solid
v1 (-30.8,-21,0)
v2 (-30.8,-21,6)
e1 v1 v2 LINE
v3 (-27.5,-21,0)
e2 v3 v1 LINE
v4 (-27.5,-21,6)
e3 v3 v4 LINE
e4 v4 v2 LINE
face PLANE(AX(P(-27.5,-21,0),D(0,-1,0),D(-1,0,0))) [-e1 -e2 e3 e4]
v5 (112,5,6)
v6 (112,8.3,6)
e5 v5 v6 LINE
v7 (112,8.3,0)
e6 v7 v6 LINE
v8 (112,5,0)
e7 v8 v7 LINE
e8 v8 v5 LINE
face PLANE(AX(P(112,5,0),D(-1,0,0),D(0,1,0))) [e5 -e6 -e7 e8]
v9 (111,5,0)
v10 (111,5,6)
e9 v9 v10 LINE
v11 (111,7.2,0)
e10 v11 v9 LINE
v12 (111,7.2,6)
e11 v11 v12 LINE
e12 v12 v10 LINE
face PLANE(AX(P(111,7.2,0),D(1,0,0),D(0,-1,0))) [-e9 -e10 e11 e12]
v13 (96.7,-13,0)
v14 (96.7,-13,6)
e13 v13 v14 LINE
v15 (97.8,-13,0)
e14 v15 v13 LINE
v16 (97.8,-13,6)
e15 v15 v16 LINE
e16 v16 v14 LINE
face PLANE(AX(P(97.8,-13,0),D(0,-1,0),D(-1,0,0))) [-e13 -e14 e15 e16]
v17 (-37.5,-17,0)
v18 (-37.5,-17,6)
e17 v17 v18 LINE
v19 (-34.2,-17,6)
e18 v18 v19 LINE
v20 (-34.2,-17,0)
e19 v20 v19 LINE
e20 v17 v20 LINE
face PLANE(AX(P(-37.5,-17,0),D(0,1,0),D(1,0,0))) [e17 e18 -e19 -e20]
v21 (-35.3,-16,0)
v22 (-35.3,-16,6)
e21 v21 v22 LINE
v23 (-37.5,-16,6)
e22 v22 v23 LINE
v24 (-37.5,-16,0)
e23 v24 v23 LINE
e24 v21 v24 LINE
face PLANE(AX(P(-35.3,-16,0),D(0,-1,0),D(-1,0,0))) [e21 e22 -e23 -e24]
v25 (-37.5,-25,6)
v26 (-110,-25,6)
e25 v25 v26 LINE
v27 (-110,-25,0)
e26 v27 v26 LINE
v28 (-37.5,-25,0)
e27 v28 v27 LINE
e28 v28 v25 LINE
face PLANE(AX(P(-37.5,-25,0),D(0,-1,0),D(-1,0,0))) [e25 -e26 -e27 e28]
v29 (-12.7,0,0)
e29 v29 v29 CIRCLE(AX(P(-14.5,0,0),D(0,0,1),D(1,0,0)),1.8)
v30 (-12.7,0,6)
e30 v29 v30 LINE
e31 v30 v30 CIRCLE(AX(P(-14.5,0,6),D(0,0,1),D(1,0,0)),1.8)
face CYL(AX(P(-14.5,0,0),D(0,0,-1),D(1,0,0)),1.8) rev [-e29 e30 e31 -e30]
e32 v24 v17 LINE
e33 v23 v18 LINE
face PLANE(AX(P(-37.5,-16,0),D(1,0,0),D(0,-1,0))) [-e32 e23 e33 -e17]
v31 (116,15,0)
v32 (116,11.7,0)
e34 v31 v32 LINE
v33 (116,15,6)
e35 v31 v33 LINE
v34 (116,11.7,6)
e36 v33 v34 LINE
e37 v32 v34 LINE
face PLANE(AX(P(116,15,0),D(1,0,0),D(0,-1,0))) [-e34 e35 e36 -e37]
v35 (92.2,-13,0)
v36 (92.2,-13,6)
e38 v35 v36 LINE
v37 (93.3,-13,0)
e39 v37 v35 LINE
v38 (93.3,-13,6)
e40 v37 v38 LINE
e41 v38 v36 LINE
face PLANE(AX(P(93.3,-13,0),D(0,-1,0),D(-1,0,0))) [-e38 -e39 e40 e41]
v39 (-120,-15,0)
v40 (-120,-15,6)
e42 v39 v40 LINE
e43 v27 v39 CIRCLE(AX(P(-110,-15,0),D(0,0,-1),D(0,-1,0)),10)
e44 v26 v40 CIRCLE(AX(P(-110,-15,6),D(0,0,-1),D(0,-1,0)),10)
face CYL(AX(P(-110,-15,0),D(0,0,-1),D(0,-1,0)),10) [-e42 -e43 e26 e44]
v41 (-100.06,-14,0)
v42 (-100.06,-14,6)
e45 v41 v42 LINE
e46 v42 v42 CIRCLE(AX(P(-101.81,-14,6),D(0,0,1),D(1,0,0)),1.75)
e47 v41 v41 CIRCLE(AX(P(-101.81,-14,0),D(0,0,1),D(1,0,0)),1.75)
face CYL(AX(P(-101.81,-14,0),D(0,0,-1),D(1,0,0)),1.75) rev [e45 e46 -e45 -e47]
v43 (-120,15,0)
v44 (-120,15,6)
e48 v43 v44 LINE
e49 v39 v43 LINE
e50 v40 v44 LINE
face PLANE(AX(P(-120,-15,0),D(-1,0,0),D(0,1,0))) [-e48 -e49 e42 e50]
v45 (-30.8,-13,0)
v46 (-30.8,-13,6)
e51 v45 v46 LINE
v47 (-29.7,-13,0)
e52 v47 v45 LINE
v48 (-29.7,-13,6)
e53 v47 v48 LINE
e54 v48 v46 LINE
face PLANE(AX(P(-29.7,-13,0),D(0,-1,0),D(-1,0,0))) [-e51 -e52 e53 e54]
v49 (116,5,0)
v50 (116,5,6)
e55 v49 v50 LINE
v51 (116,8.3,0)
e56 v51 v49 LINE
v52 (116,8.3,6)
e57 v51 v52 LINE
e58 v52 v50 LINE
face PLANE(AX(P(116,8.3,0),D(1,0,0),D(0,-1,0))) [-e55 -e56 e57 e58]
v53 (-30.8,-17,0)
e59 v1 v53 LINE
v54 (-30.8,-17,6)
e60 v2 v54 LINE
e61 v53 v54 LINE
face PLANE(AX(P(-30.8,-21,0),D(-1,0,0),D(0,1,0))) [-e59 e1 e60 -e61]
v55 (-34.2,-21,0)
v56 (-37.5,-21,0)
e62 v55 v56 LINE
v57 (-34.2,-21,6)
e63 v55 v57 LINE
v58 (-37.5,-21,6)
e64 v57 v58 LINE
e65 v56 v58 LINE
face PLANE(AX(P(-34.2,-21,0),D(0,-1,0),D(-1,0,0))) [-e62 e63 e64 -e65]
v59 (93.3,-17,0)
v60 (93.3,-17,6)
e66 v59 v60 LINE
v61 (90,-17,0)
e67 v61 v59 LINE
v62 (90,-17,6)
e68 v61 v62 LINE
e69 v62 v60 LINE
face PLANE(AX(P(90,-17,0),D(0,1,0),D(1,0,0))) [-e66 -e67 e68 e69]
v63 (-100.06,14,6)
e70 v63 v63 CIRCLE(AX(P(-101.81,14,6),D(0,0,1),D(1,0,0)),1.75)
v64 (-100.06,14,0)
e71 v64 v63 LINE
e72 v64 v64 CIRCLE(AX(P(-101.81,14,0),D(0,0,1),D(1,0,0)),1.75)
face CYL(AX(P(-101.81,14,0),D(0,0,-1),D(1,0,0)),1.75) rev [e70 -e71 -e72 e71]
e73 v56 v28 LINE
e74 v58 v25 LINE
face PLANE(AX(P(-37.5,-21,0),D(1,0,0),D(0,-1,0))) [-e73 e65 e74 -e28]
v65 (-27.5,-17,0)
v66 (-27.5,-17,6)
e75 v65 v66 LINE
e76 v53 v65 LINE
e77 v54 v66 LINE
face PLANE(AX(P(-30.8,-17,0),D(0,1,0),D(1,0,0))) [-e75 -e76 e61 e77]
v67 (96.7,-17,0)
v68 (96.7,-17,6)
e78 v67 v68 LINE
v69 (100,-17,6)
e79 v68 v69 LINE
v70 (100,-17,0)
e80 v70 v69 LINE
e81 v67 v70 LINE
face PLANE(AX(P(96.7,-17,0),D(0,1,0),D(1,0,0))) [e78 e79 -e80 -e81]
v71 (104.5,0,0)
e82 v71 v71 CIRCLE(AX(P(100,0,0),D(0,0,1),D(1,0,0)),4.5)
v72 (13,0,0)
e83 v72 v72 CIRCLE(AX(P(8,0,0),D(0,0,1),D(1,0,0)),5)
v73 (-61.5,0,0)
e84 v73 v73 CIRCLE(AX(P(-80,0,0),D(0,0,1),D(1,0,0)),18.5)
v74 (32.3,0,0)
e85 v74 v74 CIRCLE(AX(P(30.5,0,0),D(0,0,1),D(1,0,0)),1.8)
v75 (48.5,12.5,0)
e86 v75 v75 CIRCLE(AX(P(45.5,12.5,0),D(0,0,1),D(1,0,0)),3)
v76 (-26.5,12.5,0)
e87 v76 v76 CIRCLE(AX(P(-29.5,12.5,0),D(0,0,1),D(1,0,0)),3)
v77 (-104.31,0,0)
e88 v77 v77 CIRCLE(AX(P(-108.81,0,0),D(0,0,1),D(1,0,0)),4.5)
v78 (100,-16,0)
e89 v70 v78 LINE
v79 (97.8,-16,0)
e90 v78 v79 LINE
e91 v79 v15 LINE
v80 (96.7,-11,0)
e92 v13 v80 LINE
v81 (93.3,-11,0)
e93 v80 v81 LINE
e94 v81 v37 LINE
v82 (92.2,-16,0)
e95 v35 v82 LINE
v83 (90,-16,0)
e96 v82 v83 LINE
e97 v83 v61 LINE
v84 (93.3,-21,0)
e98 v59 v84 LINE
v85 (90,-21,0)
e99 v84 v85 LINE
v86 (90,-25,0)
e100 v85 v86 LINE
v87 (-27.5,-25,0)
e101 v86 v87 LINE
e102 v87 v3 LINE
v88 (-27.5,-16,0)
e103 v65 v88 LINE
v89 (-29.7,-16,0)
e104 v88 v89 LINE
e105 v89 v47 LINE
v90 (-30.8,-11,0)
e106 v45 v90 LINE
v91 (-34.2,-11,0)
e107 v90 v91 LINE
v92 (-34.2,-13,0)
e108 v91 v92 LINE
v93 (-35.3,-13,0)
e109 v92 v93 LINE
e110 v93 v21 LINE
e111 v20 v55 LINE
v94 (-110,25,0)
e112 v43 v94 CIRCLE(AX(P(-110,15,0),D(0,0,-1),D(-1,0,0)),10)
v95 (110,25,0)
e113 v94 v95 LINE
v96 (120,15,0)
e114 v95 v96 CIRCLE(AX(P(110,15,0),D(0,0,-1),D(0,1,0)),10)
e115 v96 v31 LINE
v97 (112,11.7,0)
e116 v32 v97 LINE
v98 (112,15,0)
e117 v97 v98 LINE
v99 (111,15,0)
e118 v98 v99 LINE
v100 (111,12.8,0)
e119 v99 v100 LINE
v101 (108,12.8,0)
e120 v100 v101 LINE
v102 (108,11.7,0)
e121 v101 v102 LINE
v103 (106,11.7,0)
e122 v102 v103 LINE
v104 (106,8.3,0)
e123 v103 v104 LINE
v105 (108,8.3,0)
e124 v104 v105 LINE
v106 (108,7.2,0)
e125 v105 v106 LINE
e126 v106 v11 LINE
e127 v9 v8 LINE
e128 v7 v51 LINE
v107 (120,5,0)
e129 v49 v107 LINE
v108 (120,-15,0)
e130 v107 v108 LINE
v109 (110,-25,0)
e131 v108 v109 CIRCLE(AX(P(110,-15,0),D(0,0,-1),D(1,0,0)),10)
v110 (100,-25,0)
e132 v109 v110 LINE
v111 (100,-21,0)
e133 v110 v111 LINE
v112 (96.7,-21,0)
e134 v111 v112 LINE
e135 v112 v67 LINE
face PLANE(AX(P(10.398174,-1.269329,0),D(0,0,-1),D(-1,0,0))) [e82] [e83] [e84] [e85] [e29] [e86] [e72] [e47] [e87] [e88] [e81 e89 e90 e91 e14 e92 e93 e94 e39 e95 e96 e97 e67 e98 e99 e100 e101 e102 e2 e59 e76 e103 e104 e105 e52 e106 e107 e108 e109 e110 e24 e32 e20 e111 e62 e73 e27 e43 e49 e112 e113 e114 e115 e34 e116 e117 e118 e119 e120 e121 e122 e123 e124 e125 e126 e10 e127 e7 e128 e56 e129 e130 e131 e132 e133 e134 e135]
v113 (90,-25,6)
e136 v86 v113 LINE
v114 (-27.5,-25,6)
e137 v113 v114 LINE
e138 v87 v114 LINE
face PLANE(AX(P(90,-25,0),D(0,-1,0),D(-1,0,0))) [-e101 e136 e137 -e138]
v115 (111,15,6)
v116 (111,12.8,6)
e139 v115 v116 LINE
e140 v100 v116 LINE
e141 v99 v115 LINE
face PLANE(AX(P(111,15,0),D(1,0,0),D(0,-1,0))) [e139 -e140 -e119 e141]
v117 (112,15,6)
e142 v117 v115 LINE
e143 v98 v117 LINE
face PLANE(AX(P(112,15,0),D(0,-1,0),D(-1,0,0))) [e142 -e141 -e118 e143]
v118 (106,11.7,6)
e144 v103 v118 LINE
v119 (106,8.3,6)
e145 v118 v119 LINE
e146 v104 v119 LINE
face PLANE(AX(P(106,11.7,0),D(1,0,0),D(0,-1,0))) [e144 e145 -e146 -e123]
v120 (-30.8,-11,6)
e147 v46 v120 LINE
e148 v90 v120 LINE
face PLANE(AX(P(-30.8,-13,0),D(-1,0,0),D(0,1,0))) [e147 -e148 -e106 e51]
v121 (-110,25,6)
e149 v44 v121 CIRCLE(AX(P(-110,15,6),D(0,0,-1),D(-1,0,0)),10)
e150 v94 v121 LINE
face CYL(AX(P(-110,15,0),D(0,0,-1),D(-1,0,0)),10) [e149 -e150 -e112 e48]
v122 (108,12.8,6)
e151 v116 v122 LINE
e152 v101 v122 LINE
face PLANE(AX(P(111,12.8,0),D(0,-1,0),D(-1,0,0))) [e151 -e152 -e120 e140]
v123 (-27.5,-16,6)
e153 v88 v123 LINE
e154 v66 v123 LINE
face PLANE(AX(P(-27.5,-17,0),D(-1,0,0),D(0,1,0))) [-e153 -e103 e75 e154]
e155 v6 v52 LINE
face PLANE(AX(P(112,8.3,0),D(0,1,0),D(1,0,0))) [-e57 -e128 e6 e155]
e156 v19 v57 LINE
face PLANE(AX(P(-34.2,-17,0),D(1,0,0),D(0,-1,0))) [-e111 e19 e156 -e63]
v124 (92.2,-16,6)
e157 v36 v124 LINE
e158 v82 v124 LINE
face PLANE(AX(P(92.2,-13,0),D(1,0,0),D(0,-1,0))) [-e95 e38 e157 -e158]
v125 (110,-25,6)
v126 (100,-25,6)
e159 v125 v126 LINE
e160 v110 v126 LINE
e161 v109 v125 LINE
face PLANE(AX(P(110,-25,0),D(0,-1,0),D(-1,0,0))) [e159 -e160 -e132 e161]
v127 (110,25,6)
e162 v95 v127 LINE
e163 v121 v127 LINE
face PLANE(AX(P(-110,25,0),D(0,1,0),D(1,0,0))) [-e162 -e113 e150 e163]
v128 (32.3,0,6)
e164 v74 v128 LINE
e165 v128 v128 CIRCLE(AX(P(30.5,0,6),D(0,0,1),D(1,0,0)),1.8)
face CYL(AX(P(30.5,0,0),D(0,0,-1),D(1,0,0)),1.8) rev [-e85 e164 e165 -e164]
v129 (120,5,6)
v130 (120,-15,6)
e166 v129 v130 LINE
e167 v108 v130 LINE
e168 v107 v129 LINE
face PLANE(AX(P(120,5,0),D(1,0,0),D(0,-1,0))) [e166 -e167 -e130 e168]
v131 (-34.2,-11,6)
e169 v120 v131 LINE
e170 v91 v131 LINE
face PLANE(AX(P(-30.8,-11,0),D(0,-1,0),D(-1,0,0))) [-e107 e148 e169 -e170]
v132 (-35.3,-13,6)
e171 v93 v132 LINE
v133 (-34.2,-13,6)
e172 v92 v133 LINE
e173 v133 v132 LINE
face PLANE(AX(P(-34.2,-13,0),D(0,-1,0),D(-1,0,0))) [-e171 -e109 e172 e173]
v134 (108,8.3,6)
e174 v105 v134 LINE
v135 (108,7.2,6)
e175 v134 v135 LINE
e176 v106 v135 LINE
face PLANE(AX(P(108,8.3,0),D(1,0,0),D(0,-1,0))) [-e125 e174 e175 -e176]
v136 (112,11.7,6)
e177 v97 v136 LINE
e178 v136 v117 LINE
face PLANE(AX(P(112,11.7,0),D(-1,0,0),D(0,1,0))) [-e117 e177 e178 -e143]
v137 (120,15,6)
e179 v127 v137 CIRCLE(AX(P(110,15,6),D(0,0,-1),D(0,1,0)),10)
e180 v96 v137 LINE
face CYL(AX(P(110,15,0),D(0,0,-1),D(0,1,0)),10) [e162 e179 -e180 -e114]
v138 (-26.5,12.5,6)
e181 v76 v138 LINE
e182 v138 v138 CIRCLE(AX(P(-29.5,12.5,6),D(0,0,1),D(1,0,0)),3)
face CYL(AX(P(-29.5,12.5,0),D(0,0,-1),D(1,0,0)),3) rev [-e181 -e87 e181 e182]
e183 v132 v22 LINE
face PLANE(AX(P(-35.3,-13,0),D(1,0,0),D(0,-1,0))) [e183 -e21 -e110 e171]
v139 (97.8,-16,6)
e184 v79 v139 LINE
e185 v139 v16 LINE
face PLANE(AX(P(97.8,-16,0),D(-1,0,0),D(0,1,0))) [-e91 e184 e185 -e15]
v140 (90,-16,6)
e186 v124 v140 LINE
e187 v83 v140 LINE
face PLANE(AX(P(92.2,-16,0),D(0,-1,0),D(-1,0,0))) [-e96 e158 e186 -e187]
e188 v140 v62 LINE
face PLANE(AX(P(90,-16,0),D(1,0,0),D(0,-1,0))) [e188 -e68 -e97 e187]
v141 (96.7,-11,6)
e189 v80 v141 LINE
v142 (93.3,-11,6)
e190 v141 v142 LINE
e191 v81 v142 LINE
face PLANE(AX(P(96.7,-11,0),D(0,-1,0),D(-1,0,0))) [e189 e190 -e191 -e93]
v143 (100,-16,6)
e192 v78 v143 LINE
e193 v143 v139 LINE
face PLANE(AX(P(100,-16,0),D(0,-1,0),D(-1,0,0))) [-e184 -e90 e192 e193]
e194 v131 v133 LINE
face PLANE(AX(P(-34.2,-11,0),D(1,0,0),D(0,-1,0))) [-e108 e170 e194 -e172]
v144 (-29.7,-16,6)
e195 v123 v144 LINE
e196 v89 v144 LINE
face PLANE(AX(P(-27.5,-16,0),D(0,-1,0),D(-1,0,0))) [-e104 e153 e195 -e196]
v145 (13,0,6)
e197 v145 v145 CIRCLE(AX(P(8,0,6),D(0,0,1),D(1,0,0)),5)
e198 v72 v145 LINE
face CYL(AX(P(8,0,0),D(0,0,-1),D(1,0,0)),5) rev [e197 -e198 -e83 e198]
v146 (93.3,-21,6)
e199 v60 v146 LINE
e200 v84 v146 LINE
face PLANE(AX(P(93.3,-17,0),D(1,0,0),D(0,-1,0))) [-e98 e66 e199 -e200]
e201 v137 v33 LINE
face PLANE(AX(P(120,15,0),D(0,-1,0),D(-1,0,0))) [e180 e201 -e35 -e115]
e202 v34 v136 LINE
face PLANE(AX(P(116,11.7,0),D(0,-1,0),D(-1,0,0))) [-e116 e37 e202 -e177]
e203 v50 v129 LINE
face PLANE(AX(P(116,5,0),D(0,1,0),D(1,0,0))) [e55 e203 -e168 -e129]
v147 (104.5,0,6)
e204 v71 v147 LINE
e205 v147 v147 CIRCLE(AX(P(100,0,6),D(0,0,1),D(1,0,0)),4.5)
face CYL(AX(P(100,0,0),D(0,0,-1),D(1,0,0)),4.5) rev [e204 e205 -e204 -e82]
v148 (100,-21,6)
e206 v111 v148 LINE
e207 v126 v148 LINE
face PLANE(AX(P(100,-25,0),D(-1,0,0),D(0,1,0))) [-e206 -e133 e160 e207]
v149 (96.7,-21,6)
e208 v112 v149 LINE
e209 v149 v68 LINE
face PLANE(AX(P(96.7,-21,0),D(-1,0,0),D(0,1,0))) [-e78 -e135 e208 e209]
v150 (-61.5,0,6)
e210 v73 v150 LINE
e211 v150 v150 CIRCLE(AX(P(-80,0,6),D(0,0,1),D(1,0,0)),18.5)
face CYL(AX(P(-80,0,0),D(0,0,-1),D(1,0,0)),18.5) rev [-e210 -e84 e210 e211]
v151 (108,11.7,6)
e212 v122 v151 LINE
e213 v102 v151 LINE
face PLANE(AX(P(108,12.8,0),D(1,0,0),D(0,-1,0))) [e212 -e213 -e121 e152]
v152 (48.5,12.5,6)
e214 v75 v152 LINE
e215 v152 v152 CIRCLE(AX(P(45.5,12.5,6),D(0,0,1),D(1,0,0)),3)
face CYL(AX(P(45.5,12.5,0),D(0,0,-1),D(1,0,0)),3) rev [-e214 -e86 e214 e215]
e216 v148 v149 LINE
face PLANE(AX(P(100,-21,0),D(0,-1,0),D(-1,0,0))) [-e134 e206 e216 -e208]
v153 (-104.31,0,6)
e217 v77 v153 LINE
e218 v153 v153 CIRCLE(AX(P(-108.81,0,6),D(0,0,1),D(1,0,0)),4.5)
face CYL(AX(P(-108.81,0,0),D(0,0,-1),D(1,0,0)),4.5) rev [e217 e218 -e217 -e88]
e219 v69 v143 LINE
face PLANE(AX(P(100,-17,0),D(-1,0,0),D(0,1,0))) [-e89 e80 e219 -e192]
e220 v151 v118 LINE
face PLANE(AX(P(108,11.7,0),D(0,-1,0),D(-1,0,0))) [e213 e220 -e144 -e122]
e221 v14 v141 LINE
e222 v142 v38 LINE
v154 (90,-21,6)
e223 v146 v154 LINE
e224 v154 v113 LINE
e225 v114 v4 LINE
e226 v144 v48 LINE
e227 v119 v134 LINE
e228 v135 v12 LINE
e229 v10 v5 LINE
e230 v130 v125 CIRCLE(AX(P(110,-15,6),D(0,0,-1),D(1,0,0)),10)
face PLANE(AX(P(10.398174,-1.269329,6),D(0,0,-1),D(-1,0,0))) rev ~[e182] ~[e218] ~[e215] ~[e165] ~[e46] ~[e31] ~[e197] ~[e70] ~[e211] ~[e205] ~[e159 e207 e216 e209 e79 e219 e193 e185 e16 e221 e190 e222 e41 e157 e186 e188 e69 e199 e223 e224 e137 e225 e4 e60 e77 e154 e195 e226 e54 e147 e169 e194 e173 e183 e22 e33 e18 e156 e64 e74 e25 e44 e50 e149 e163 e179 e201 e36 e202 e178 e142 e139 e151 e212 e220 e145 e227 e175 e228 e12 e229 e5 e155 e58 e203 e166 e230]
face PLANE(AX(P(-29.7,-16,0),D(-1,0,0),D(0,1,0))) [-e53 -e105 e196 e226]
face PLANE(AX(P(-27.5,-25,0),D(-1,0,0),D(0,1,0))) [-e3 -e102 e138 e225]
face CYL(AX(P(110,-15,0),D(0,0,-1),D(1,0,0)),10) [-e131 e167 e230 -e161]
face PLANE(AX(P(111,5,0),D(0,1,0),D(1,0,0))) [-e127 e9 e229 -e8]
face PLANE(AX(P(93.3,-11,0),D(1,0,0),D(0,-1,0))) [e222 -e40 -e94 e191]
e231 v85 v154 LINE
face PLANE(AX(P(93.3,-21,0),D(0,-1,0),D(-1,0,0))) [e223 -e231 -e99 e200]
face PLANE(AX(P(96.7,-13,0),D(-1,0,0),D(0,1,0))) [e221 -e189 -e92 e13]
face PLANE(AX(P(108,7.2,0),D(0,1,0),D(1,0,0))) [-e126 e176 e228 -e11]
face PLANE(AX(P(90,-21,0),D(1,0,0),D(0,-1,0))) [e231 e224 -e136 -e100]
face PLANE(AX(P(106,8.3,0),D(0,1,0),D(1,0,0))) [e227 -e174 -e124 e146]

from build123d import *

# Parameters (mm, degrees)
ESBO_O1_R                = 18.5
ESBO_O1_R_2              = 4.5
ESBO_O1_R_3              = 5
ESBO_O1_R_4              = 1.8
ESBO_O1_R_5              = 3
ESBO_O1_R_6              = 1.75
RESSALTO_EXTRUS_O1_DEPTH = 6


with BuildPart() as part:
    # Esboço1 → Ressalto-extrusão1 (new body)
    with BuildSketch(Plane.XY):
        with BuildLine():
            Line((100, -25), (100, -21))
            Line((100, -21), (96.7, -21))
            Line((96.7, -21), (96.7, -17))
            Line((96.7, -17), (100, -17))
            Line((100, -17), (100, -16))
            Line((100, -16), (97.8, -16))
            Line((97.8, -16), (97.8, -13))
            Line((97.8, -13), (96.7, -13))
            Line((96.7, -13), (96.7, -11))
            Line((96.7, -11), (93.3, -11))
            Line((93.3, -11), (93.3, -13))
            Line((93.3, -13), (92.2, -13))
            Line((92.2, -13), (92.2, -16))
            Line((92.2, -16), (90, -16))
            Line((90, -16), (90, -17))
            Line((90, -17), (93.3, -17))
            Line((93.3, -17), (93.3, -21))
            Line((93.3, -21), (90, -21))
            Line((90, -21), (90, -25))
            Line((90, -25), (-27.5, -25))
            Line((-27.5, -25), (-27.5, -21))
            Line((-27.5, -21), (-30.8, -21))
            Line((-30.8, -21), (-30.8, -17))
            Line((-30.8, -17), (-27.5, -17))
            Line((-27.5, -17), (-27.5, -16))
            Line((-27.5, -16), (-29.7, -16))
            Line((-29.7, -16), (-29.7, -13))
            Line((-29.7, -13), (-30.8, -13))
            Line((-30.8, -13), (-30.8, -11))
            Line((-30.8, -11), (-34.2, -11))
            Line((-34.2, -11), (-34.2, -13))
            Line((-34.2, -13), (-35.3, -13))
            Line((-35.3, -13), (-35.3, -16))
            Line((-35.3, -16), (-37.5, -16))
            Line((-37.5, -16), (-37.5, -17))
            Line((-37.5, -17), (-34.2, -17))
            Line((-34.2, -17), (-34.2, -21))
            Line((-34.2, -21), (-37.5, -21))
            Line((-37.5, -21), (-37.5, -25))
            Line((-37.5, -25), (-110, -25))
            ThreePointArc((-110, -25), (-117.071067812, -22.071067812), (-120, -15))
            Line((-120, -15), (-120, 15))
            ThreePointArc((-120, 15), (-117.071067812, 22.071067812), (-110, 25))
            Line((-110, 25), (110, 25))
            ThreePointArc((110, 25), (117.071067812, 22.071067812), (120, 15))
            Line((120, 15), (116, 15))
            Line((116, 15), (116, 11.7))
            Line((116, 11.7), (112, 11.7))
            Line((112, 11.7), (112, 15))
            Line((112, 15), (111, 15))
            Line((111, 15), (111, 12.8))
            Line((111, 12.8), (108, 12.8))
            Line((108, 12.8), (108, 11.7))
            Line((108, 11.7), (106, 11.7))
            Line((106, 11.7), (106, 8.3))
            Line((106, 8.3), (108, 8.3))
            Line((108, 8.3), (108, 7.2))
            Line((108, 7.2), (111, 7.2))
            Line((111, 7.2), (111, 5))
            Line((111, 5), (112, 5))
            Line((112, 5), (112, 8.3))
            Line((112, 8.3), (116, 8.3))
            Line((116, 8.3), (116, 5))
            Line((116, 5), (120, 5))
            Line((120, 5), (120, -15))
            ThreePointArc((120, -15), (117.071067812, -22.071067812), (110, -25))
            Line((110, -25), (100, -25))
        make_face()
        with Locations((-80, 0)):
            Circle(ESBO_O1_R, mode=Mode.SUBTRACT)
        with Locations((100, 0)):
            Circle(ESBO_O1_R_2, mode=Mode.SUBTRACT)
        with Locations((8, 0)):
            Circle(ESBO_O1_R_3, mode=Mode.SUBTRACT)
        with Locations((-108.81, 0)):
            Circle(ESBO_O1_R_2, mode=Mode.SUBTRACT)
        with Locations((-14.5, 0)):
            Circle(ESBO_O1_R_4, mode=Mode.SUBTRACT)
        with Locations((30.5, 0)):
            Circle(ESBO_O1_R_4, mode=Mode.SUBTRACT)
        with Locations((-29.5, 12.5)):
            Circle(ESBO_O1_R_5, mode=Mode.SUBTRACT)
        with Locations((45.5, 12.5)):
            Circle(ESBO_O1_R_5, mode=Mode.SUBTRACT)
        with Locations((-101.81, 14)):
            Circle(ESBO_O1_R_6, mode=Mode.SUBTRACT)
        with Locations((-101.81, -14)):
            Circle(ESBO_O1_R_6, mode=Mode.SUBTRACT)
    extrude(amount=RESSALTO_EXTRUS_O1_DEPTH)


solid = part.part
